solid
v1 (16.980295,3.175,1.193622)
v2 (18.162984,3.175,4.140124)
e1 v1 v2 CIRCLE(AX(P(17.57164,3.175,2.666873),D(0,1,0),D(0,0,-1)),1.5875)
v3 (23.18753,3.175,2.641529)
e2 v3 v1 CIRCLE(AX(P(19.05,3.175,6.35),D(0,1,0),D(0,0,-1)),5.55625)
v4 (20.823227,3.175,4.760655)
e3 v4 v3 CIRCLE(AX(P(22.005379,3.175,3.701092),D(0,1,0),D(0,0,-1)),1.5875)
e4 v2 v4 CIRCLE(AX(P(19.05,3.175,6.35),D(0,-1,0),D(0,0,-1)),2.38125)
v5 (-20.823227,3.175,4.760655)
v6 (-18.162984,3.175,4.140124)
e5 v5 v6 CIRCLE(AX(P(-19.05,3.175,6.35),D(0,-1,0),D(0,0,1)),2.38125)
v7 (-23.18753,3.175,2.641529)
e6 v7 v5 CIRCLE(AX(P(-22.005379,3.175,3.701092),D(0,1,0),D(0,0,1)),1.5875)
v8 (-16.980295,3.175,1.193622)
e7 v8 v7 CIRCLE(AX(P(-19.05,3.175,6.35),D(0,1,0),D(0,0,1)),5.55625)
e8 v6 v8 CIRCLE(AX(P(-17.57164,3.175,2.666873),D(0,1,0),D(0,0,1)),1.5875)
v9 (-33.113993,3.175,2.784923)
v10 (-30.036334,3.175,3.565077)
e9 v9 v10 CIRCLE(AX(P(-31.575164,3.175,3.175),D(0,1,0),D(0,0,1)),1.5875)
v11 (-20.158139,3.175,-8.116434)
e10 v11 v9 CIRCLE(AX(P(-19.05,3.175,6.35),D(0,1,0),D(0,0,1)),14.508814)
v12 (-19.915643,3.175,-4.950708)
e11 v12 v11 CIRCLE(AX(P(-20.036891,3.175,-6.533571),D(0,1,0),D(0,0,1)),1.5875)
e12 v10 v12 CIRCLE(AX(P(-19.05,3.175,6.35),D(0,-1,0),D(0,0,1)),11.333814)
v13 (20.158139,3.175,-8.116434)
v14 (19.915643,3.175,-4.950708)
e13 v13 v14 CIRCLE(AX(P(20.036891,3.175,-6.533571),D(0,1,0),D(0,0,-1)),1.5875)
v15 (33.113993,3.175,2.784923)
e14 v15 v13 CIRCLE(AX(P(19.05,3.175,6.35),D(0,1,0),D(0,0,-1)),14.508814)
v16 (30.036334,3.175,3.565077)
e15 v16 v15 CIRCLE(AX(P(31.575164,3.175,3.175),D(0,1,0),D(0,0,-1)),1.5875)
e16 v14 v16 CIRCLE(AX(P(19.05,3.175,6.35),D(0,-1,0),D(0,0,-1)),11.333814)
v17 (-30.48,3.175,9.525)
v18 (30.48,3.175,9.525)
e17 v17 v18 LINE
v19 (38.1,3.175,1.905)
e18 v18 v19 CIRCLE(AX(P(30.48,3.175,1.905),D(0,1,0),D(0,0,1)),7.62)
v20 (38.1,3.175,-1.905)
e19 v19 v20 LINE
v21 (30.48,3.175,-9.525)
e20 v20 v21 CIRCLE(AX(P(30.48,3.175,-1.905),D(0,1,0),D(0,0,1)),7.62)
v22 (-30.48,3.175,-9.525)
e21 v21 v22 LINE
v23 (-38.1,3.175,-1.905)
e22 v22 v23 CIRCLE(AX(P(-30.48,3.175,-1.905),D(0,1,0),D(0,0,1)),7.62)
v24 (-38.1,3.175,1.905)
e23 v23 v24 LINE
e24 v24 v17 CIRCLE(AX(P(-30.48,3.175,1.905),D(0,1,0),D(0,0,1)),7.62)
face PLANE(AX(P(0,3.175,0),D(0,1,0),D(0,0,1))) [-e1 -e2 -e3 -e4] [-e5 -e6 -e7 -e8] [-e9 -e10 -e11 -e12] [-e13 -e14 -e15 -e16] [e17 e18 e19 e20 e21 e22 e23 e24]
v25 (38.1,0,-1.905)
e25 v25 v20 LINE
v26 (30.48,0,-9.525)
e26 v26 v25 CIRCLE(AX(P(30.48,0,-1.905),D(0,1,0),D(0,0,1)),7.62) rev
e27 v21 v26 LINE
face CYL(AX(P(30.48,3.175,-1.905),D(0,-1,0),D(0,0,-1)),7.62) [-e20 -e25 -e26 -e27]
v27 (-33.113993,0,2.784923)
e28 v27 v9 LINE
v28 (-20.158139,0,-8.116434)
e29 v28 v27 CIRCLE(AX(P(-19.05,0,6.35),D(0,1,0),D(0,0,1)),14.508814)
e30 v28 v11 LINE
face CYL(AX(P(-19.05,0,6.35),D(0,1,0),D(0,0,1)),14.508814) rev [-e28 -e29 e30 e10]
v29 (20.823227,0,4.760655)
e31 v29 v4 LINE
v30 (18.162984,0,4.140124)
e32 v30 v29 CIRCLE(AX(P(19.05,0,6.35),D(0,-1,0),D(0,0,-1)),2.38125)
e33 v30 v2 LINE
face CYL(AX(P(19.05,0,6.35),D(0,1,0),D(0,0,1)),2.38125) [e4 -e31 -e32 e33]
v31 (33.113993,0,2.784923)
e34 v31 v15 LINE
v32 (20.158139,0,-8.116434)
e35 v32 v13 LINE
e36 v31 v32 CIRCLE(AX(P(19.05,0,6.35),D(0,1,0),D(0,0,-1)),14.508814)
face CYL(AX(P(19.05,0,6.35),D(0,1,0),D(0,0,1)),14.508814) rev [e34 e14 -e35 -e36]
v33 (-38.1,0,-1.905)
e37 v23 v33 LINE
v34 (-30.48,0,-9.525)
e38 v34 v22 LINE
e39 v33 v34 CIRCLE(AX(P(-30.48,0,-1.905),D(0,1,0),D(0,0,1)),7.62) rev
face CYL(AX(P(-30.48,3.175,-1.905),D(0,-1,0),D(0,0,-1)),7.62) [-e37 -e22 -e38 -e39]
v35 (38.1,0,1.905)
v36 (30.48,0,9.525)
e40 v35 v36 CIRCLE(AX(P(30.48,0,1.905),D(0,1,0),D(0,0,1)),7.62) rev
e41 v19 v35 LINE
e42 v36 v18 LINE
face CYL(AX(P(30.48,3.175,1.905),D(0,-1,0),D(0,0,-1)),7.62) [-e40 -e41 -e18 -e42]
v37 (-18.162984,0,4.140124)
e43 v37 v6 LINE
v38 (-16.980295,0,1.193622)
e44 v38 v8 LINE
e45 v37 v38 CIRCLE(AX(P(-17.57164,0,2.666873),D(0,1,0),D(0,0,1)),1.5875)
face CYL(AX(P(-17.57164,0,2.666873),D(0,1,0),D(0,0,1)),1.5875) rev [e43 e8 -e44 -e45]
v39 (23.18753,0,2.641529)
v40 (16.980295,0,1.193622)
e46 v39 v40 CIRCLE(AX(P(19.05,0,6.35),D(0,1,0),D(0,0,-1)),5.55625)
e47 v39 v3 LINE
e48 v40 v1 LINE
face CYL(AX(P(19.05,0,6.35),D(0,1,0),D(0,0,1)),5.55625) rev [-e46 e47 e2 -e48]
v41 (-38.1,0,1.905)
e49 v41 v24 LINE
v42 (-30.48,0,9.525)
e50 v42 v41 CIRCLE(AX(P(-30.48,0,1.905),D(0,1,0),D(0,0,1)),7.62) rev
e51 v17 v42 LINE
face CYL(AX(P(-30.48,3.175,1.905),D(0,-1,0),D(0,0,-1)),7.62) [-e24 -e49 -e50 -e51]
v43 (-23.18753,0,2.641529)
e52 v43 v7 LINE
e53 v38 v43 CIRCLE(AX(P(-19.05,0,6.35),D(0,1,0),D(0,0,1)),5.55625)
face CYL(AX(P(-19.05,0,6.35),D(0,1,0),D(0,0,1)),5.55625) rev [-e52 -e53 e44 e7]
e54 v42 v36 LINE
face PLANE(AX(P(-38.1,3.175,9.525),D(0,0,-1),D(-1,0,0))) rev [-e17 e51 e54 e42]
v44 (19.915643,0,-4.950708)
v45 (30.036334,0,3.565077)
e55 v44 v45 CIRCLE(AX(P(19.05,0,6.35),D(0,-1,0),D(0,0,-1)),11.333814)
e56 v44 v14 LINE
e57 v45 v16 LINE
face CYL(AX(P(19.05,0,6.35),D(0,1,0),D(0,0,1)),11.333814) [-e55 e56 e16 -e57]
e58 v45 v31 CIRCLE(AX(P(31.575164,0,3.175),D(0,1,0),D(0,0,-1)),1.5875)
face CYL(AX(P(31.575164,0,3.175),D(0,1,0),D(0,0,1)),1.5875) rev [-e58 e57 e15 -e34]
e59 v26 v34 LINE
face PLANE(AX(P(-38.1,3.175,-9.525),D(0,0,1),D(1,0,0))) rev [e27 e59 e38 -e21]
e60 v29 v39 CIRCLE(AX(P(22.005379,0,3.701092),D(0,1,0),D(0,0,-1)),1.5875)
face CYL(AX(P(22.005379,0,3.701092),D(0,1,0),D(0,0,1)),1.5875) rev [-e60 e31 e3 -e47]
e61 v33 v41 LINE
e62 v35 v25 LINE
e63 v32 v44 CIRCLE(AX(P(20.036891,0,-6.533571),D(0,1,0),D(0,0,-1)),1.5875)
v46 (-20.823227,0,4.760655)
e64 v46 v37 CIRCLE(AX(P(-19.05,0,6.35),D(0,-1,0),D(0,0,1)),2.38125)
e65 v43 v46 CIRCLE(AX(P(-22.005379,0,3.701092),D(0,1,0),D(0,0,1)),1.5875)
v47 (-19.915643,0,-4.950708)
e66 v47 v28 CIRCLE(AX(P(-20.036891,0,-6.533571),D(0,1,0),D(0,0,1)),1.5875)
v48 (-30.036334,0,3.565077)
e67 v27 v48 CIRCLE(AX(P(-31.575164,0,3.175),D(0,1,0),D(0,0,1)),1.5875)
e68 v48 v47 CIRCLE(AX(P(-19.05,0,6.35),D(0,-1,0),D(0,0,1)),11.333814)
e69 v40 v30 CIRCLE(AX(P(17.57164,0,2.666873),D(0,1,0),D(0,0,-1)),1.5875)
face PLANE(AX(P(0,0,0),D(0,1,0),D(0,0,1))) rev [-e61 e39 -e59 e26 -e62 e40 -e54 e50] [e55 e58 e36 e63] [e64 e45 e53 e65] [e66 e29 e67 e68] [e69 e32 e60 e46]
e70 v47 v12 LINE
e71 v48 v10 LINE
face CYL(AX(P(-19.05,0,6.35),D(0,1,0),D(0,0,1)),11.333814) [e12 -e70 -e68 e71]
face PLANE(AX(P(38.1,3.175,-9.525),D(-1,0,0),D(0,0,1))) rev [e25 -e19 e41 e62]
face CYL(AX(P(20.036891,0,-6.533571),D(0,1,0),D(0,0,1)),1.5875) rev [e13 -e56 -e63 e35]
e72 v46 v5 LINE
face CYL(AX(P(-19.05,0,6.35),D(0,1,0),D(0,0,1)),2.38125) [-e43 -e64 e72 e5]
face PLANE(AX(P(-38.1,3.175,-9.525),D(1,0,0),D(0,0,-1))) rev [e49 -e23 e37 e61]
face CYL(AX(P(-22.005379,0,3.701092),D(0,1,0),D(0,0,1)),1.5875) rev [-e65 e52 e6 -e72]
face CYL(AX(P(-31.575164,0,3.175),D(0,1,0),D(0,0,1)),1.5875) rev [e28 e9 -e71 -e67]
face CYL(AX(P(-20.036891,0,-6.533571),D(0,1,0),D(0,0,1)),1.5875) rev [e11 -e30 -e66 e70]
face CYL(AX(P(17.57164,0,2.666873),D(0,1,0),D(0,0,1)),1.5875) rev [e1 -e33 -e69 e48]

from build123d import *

# Parameters (mm, degrees)
SKETCH1_W           = 76.2
SKETCH1_H           = 19.05
BOSS_EXTRUDE1_DEPTH = 3.175
CUT_EXTRUDE1_DEPTH  = 40.400713826
FILLET1_R           = 7.62


with BuildPart() as part:
    # Sketch1 → Boss-Extrude1 (new body)
    with BuildSketch(Plane(origin=(0, 0, 0), x_dir=(1, 0, 0), z_dir=(0, 1, 0))):
        Rectangle(SKETCH1_W, SKETCH1_H)
    extrude(amount=BOSS_EXTRUDE1_DEPTH)

    # Sketch6 → Cut-Extrude1 (cut, through all)
    with BuildSketch(Plane(origin=(0, 3.175, 0), x_dir=(1, 0, 0), z_dir=(0, 1, 0))):
        with BuildLine():
            ThreePointArc((-20.158139463, 8.116433777), (-28.391214829, 4.751683872), (-33.113993118, -2.784922601))
            ThreePointArc((-33.113993118, -2.784922601), (-31.965241133, -4.713829384), (-30.03633435, -3.565077399))
            ThreePointArc((-30.03633435, -3.565077399), (-26.347053439, 2.322274641), (-19.915642535, 4.950707914))
            ThreePointArc((-19.915642535, 4.950707914), (-18.454028067, 6.654819309), (-20.158139463, 8.116433777))
        make_face()
        with BuildLine():
            ThreePointArc((-16.980295432, -1.193621711), (-20.312174356, -0.939008413), (-23.187529976, -2.641528649))
            ThreePointArc((-23.187529976, -2.641528649), (-23.064941797, -4.883243314), (-20.823227132, -4.760655135))
            ThreePointArc((-20.823227132, -4.760655135), (-19.590931867, -4.031003605), (-18.162983757, -4.14012359))
            ThreePointArc((-18.162983757, -4.14012359), (-16.098388655, -3.258216813), (-16.980295432, -1.193621711))
        make_face()
        with BuildLine():
            ThreePointArc((16.980295432, -1.193621711), (20.312174356, -0.939008413), (23.187529976, -2.641528649))
            ThreePointArc((23.187529976, -2.641528649), (23.064941797, -4.883243314), (20.823227132, -4.760655135))
            ThreePointArc((20.823227132, -4.760655135), (19.590931867, -4.031003605), (18.162983757, -4.14012359))
            ThreePointArc((18.162983757, -4.14012359), (16.098388655, -3.258216813), (16.980295432, -1.193621711))
        make_face()
        with BuildLine():
            ThreePointArc((20.158139463, 8.116433777), (28.391214829, 4.751683872), (33.113993118, -2.784922601))
            ThreePointArc((33.113993118, -2.784922601), (31.965241133, -4.713829384), (30.03633435, -3.565077399))
            ThreePointArc((30.03633435, -3.565077399), (26.347053439, 2.322274641), (19.915642535, 4.950707914))
            ThreePointArc((19.915642535, 4.950707914), (18.454028067, 6.654819309), (20.158139463, 8.116433777))
        make_face()
    extrude(amount=-CUT_EXTRUDE1_DEPTH, mode=Mode.SUBTRACT)

    # Fillet1
    fillet1_edges = [part.edges().sort_by_distance(p)[0] for p in [
        (38.1, 1.5875, 9.525),
        (-38.1, 1.5875, 9.525),
        (-38.1, 1.5875, -9.525),
        (38.1, 1.5875, -9.525),
    ]]
    fillet(fillet1_edges, radius=FILLET1_R)


solid = part.part
